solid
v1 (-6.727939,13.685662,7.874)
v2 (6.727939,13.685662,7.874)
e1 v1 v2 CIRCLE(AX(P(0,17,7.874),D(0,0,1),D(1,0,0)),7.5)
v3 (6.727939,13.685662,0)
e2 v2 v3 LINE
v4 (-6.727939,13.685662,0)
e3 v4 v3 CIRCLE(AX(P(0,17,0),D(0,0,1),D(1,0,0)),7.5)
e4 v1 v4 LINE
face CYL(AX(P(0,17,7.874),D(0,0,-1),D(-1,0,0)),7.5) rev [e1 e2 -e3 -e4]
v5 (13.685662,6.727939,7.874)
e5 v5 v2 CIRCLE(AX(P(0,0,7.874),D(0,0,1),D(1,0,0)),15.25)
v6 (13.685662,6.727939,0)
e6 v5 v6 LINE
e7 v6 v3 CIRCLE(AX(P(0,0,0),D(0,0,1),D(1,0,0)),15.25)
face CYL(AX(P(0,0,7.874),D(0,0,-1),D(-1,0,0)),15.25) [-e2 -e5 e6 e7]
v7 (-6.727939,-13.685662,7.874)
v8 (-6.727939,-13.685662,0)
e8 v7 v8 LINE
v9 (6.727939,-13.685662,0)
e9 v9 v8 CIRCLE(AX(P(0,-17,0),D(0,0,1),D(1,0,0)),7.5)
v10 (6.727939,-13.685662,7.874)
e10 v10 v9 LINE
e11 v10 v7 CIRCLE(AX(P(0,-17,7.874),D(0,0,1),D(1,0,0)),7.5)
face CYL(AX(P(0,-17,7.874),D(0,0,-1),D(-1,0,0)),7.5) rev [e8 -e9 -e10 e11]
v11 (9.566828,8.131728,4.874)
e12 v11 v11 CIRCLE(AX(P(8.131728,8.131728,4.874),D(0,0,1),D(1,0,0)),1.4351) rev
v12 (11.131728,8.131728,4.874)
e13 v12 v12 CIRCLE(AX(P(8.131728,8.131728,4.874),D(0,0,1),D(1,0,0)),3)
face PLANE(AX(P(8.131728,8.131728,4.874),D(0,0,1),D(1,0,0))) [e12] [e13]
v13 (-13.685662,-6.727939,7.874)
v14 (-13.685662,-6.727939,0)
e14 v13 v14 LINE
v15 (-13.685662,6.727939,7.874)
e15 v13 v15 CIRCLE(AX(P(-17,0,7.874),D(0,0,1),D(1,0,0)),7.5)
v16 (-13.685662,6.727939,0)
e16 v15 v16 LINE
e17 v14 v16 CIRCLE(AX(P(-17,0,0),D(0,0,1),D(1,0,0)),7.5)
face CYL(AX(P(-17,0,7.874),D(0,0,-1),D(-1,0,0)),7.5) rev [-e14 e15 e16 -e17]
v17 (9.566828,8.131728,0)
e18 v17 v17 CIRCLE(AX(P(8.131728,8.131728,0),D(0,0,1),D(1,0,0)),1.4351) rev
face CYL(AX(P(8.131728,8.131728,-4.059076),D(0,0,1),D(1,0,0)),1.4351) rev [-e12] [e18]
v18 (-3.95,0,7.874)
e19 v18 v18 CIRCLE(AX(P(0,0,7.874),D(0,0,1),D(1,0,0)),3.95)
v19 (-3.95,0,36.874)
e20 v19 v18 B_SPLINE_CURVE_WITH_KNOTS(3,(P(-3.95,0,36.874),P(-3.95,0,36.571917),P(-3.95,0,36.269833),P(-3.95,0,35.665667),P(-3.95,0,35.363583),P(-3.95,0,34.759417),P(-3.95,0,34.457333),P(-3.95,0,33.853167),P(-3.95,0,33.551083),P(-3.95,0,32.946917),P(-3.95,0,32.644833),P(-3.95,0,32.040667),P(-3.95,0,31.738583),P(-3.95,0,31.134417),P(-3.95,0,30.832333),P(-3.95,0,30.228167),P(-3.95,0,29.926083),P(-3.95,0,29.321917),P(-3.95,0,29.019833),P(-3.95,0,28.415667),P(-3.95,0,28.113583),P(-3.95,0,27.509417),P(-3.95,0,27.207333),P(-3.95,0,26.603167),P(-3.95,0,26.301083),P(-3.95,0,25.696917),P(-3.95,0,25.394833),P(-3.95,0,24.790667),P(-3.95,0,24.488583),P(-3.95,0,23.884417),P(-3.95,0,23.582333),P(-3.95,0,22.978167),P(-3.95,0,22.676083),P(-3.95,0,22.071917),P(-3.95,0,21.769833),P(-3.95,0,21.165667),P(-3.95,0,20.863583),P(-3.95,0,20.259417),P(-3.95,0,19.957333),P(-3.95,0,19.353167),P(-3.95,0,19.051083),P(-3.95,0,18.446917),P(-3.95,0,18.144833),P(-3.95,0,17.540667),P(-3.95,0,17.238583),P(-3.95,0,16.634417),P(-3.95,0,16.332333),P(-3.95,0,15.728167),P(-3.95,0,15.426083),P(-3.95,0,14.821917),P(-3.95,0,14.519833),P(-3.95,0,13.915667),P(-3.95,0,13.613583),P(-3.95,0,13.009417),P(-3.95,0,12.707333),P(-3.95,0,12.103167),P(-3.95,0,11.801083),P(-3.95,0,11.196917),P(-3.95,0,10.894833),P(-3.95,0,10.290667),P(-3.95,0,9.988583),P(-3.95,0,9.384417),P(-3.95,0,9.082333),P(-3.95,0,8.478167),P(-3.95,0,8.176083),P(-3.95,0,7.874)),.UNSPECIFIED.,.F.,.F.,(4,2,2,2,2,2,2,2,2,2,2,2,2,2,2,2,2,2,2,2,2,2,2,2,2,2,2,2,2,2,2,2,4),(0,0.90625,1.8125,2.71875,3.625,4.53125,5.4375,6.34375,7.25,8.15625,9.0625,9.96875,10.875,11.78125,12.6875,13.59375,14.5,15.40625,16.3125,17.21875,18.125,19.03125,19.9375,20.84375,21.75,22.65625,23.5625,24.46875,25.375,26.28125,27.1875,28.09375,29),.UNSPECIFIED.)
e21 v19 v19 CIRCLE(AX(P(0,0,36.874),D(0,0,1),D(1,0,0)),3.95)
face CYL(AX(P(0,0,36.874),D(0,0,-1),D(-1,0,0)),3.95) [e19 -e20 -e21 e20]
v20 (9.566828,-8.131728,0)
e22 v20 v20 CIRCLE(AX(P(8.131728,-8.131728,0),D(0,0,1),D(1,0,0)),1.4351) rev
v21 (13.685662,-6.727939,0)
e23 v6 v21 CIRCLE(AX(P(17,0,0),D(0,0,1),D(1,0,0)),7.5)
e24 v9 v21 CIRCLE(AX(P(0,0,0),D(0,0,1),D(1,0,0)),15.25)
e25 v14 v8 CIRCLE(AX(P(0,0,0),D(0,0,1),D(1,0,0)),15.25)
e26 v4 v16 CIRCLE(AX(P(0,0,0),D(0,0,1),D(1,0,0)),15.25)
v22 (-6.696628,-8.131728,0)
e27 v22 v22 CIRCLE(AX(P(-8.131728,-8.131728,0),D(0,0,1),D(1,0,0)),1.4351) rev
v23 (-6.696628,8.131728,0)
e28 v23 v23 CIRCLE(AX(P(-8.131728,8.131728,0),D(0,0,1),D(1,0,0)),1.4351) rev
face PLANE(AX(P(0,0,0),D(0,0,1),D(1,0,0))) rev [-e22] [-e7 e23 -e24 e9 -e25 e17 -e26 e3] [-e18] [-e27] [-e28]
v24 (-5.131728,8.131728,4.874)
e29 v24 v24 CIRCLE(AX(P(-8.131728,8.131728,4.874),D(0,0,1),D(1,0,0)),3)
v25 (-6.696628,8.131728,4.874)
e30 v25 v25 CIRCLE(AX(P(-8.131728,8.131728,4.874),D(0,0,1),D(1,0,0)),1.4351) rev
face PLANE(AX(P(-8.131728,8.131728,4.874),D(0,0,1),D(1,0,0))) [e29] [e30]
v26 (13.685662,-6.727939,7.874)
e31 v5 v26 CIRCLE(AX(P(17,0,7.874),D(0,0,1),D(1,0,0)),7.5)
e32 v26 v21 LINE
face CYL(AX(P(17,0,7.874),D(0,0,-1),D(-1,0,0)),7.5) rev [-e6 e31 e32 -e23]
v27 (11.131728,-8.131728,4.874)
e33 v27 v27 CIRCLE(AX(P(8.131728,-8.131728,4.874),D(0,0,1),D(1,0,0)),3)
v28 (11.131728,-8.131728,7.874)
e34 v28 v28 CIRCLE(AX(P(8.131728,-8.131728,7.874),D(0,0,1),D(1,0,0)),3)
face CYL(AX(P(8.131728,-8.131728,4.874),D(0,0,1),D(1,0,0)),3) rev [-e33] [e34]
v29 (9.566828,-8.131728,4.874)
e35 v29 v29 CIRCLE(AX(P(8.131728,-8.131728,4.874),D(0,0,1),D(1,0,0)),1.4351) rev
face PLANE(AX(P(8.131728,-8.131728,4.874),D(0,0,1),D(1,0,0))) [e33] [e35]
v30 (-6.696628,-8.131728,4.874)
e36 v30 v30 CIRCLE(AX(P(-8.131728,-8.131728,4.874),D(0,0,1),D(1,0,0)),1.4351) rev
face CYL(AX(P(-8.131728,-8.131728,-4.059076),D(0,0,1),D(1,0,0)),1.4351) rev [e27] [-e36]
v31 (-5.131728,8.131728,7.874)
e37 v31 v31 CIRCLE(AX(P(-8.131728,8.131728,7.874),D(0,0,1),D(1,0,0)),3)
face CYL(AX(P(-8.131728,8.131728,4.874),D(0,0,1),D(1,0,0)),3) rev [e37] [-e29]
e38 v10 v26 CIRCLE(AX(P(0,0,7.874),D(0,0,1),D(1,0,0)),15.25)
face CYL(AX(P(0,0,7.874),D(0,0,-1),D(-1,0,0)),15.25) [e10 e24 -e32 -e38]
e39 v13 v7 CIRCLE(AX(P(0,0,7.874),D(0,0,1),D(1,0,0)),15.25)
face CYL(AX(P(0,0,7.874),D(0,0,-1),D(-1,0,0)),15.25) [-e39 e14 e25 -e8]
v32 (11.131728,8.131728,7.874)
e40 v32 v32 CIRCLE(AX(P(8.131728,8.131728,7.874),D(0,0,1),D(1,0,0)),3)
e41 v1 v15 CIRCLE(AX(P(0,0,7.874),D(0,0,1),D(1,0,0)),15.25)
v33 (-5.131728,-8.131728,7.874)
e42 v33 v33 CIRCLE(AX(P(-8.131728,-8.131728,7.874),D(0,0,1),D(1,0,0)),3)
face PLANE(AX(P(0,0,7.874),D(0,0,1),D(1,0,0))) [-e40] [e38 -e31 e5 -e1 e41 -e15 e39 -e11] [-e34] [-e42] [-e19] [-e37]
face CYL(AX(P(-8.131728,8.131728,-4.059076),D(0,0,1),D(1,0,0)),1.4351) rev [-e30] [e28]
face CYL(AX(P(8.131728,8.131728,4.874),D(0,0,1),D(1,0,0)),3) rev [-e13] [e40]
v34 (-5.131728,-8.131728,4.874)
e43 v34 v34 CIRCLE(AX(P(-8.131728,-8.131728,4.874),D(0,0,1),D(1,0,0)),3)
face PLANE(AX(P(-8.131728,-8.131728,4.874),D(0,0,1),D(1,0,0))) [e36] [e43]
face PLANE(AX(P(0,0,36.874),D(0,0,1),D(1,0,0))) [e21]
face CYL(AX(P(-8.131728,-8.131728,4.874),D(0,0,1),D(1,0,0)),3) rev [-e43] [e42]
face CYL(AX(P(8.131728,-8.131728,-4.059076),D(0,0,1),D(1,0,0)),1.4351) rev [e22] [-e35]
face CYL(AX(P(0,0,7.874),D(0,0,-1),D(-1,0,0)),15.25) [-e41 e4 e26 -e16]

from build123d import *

# Parameters (mm, degrees)
BOSS_EXTRUDE1_DEPTH = 7.874
SKETCH2_R           = 1.4351
CUT_EXTRUDE1_DEPTH  = 7.874
SKETCH3_R           = 3
CUT_EXTRUDE2_DEPTH  = 3
SKETCH4_R           = 3.95
BOSS_EXTRUDE2_DEPTH = 29


with BuildPart() as part:
    # Sketch1 → Boss-Extrude1 (new body)
    with BuildSketch(Plane.XY):
        with BuildLine():
            ThreePointArc((6.727938916, 13.685661765), (0, 9.5), (-6.727938916, 13.685661765))
            ThreePointArc((-6.727938916, 13.685661765), (-10.783378413, 10.783378413), (-13.685661765, 6.727938916))
            ThreePointArc((-13.685661765, 6.727938916), (-9.5, 0), (-13.685661765, -6.727938916))
            ThreePointArc((-13.685661765, -6.727938916), (-10.783378413, -10.783378413), (-6.727938916, -13.685661765))
            ThreePointArc((-6.727938916, -13.685661765), (0, -9.5), (6.727938916, -13.685661765))
            ThreePointArc((6.727938916, -13.685661765), (10.783378413, -10.783378413), (13.685661765, -6.727938916))
            ThreePointArc((13.685661765, -6.727938916), (9.5, 0), (13.685661765, 6.727938916))
            ThreePointArc((13.685661765, 6.727938916), (10.783378413, 10.783378413), (6.727938916, 13.685661765))
        make_face()
    extrude(amount=BOSS_EXTRUDE1_DEPTH)

    # Sketch2 → Cut-Extrude1 (cut)
    with BuildSketch(Plane.XY.offset(7.874)):
        with Locations((-8.131727984, 8.131727984)):
            Circle(SKETCH2_R)
        with Locations((8.131727984, -8.131727984)):
            Circle(SKETCH2_R)
        with Locations((-8.131727984, -8.131727984)):
            Circle(SKETCH2_R)
        with Locations((8.131727984, 8.131727984)):
            Circle(SKETCH2_R)
    extrude(amount=-CUT_EXTRUDE1_DEPTH, mode=Mode.SUBTRACT)

    # Sketch3 → Cut-Extrude2 (cut)
    with BuildSketch(Plane.XY.offset(7.874)):
        with Locations((-8.131727984, 8.131727984)):
            Circle(SKETCH3_R)
        with Locations((-8.131727984, -8.131727984)):
            Circle(SKETCH3_R)
        with Locations((8.131727984, -8.131727984)):
            Circle(SKETCH3_R)
        with Locations((8.131727984, 8.131727984)):
            Circle(SKETCH3_R)
    extrude(amount=-CUT_EXTRUDE2_DEPTH, mode=Mode.SUBTRACT)

    # Sketch4 → Boss-Extrude2 (add)
    with BuildSketch(Plane.XY.offset(7.874)):
        with Locations(Location((0, 0, 0), (0, 0, 180))):
            Circle(SKETCH4_R)
    extrude(amount=BOSS_EXTRUDE2_DEPTH)


solid = part.part
